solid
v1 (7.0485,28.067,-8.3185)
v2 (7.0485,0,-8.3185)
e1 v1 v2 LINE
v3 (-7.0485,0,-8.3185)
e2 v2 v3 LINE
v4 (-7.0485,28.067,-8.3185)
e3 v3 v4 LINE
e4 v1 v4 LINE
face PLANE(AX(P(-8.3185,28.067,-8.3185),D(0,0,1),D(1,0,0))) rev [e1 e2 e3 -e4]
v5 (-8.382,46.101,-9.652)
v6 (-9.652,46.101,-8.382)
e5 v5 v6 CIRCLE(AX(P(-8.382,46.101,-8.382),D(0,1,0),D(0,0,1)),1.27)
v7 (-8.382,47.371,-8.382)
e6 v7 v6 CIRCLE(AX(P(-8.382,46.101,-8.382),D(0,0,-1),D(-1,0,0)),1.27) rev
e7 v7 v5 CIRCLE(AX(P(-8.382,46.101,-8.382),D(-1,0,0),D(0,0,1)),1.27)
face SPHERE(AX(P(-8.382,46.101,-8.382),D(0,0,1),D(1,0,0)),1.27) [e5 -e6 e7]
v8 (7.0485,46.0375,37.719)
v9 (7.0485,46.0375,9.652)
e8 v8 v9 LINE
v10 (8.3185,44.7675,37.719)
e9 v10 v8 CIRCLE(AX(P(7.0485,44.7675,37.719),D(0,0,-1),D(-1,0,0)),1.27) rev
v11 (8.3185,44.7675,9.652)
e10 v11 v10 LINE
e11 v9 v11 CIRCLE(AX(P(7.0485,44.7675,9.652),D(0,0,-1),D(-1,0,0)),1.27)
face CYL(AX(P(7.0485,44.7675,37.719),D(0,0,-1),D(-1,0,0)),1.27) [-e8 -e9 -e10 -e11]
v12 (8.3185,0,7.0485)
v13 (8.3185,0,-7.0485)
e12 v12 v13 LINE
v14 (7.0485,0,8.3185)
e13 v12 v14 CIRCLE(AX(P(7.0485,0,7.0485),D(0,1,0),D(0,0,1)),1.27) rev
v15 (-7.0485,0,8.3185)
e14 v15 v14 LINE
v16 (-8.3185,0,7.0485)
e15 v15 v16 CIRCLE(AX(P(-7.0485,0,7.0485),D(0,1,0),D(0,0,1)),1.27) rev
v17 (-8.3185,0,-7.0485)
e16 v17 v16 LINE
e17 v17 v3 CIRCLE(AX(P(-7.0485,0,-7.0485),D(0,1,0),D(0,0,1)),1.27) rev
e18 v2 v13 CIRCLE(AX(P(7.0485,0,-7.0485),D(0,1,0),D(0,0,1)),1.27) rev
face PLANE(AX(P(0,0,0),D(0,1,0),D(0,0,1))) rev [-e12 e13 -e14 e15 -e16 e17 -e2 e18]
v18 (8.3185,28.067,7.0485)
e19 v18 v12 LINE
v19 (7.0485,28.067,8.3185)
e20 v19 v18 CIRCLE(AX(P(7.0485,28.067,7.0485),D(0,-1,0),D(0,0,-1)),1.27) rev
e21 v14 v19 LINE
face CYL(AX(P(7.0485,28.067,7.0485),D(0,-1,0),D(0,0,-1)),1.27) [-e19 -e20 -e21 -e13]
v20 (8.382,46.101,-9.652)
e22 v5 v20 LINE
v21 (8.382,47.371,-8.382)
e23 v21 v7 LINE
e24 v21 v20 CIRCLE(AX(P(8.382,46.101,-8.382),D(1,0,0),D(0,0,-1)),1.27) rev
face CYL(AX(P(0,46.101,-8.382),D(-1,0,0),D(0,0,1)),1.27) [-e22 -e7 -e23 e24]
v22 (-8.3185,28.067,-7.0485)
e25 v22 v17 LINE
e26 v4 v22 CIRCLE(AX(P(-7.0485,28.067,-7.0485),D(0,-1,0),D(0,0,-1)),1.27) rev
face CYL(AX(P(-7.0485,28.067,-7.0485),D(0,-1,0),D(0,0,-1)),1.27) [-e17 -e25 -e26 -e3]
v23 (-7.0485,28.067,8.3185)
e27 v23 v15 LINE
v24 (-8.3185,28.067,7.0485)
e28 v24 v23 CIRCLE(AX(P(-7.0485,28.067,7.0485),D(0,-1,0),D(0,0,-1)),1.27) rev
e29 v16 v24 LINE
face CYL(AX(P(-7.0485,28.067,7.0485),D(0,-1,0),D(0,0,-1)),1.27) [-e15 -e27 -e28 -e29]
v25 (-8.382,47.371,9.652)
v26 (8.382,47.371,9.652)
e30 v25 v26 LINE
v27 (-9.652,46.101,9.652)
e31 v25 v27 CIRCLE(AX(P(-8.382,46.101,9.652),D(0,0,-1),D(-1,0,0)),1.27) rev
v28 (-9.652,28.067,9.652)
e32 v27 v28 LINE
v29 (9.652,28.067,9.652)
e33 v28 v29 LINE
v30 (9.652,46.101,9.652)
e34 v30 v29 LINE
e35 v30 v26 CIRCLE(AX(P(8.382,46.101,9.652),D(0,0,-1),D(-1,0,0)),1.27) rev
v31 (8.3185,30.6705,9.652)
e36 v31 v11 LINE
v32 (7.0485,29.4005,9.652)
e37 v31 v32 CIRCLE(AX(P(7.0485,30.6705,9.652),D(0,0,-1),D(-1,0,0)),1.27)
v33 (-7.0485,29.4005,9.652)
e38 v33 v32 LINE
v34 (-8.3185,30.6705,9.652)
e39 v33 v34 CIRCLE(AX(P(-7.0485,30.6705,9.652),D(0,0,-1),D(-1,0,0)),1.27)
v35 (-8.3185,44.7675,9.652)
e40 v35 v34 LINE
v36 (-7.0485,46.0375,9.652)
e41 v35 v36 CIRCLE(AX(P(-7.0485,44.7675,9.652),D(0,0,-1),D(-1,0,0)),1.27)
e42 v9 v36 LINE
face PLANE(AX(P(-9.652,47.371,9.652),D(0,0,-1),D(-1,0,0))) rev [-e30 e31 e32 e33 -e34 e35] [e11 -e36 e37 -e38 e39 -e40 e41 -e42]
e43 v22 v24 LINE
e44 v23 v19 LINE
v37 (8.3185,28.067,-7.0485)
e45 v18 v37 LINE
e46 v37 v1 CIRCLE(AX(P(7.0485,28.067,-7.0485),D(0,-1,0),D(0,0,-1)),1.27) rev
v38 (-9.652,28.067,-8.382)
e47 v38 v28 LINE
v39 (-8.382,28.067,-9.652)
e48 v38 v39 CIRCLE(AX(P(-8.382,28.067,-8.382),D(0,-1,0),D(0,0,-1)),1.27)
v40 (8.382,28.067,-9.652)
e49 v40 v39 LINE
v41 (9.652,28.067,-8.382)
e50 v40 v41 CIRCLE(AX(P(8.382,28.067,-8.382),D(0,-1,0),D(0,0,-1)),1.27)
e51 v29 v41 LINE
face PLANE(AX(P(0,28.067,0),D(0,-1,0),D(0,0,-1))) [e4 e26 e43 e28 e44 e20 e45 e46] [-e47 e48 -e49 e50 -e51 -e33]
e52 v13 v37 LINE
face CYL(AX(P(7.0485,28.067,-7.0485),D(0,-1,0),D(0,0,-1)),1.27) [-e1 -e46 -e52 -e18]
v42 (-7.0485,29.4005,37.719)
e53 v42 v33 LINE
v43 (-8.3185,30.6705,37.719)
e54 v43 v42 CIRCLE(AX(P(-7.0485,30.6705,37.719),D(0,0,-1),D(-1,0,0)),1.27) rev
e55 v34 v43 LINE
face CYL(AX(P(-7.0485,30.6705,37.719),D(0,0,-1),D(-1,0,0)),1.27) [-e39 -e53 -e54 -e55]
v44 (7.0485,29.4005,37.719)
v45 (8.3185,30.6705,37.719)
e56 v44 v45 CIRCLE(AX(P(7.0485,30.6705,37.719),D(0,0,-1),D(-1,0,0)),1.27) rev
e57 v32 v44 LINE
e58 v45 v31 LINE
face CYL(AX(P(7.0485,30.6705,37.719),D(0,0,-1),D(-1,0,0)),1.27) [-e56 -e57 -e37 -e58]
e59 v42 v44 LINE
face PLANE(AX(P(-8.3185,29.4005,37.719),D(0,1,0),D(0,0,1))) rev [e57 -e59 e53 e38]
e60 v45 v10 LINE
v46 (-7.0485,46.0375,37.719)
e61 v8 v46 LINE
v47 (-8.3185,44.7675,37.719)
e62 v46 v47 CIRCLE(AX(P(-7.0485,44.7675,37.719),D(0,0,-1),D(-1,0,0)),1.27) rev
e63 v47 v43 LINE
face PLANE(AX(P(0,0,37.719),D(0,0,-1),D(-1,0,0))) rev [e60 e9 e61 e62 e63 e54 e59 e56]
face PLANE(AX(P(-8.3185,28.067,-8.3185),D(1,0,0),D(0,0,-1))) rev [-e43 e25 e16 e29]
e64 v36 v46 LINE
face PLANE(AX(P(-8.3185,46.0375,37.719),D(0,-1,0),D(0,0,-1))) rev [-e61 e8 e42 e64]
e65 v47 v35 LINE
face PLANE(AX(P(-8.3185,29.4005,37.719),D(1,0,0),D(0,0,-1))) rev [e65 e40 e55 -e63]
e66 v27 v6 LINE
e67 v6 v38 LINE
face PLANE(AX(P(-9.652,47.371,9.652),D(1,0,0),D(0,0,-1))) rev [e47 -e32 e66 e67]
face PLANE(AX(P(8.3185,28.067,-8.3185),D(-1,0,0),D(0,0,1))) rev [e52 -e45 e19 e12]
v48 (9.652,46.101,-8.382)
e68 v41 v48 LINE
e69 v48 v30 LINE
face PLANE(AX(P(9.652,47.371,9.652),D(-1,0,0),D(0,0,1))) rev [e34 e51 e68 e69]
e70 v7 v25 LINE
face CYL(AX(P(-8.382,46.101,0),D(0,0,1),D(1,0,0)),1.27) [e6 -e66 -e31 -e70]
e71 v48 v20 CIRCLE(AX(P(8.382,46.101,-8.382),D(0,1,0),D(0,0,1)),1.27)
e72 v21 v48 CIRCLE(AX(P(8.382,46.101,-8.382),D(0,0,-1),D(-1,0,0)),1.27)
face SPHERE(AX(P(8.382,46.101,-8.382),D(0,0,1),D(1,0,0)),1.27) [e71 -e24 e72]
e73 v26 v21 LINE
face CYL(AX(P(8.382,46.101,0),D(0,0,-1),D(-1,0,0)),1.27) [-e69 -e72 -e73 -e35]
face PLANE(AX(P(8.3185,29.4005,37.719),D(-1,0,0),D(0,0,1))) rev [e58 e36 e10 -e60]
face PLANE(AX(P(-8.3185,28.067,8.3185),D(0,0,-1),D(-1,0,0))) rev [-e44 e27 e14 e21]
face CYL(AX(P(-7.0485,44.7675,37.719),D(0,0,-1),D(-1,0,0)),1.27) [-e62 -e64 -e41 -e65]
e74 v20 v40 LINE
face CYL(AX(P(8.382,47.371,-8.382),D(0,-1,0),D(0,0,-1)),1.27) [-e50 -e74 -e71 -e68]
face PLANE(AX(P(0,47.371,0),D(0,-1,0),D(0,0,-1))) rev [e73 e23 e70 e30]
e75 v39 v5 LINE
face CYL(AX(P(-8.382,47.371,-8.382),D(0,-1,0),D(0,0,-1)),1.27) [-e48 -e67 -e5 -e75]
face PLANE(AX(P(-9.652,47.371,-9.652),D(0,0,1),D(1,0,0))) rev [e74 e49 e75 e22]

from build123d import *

# Parameters (mm, degrees)
SKETCH1_W           = 16.637
SKETCH1_H           = 16.637
BOSS_EXTRUDE1_DEPTH = 28.067
SKETCH2_W           = 19.304
SKETCH2_H           = 19.304
BOSS_EXTRUDE2_DEPTH = 19.304
SKETCH3_W           = 16.637
SKETCH3_H           = 16.637
BOSS_EXTRUDE3_DEPTH = 28.067
FILLET1_R           = 1.27


with BuildPart() as part:
    # Sketch1 → Boss-Extrude1 (new body)
    with BuildSketch(Plane(origin=(0, 0, 0), x_dir=(1, 0, 0), z_dir=(0, 1, 0))):
        Rectangle(SKETCH1_W, SKETCH1_H)
    extrude(amount=BOSS_EXTRUDE1_DEPTH)

    # Sketch2 → Boss-Extrude2 (add)
    with BuildSketch(Plane(origin=(0, 28.067, 0), x_dir=(1, 0, 0), z_dir=(0, 1, 0))):
        Rectangle(SKETCH2_W, SKETCH2_H)
    extrude(amount=BOSS_EXTRUDE2_DEPTH)

    # Sketch3 → Boss-Extrude3 (add)
    with BuildSketch(Plane.XY.offset(9.652)):
        with Locations((0, 37.719)):
            Rectangle(SKETCH3_W, SKETCH3_H)
    extrude(amount=BOSS_EXTRUDE3_DEPTH)

    # Fillet1
    fillet1_edges = [part.edges().sort_by_distance(p)[0] for p in [
        (9.652, 37.719, -9.652),
        (-9.652, 37.719, -9.652),
        (9.652, 47.371, 0),
        (0, 47.371, -9.652),
        (-9.652, 47.371, 0),
        (8.3185, 29.4005, 23.6855),
        (8.3185, 46.0375, 23.6855),
        (-8.3185, 46.0375, 23.6855),
        (-8.3185, 29.4005, 23.6855),
        (8.3185, 14.0335, 8.3185),
        (-8.3185, 14.0335, 8.3185),
        (-8.3185, 14.0335, -8.3185),
        (8.3185, 14.0335, -8.3185),
    ]]
    fillet(fillet1_edges, radius=FILLET1_R)


solid = part.part
